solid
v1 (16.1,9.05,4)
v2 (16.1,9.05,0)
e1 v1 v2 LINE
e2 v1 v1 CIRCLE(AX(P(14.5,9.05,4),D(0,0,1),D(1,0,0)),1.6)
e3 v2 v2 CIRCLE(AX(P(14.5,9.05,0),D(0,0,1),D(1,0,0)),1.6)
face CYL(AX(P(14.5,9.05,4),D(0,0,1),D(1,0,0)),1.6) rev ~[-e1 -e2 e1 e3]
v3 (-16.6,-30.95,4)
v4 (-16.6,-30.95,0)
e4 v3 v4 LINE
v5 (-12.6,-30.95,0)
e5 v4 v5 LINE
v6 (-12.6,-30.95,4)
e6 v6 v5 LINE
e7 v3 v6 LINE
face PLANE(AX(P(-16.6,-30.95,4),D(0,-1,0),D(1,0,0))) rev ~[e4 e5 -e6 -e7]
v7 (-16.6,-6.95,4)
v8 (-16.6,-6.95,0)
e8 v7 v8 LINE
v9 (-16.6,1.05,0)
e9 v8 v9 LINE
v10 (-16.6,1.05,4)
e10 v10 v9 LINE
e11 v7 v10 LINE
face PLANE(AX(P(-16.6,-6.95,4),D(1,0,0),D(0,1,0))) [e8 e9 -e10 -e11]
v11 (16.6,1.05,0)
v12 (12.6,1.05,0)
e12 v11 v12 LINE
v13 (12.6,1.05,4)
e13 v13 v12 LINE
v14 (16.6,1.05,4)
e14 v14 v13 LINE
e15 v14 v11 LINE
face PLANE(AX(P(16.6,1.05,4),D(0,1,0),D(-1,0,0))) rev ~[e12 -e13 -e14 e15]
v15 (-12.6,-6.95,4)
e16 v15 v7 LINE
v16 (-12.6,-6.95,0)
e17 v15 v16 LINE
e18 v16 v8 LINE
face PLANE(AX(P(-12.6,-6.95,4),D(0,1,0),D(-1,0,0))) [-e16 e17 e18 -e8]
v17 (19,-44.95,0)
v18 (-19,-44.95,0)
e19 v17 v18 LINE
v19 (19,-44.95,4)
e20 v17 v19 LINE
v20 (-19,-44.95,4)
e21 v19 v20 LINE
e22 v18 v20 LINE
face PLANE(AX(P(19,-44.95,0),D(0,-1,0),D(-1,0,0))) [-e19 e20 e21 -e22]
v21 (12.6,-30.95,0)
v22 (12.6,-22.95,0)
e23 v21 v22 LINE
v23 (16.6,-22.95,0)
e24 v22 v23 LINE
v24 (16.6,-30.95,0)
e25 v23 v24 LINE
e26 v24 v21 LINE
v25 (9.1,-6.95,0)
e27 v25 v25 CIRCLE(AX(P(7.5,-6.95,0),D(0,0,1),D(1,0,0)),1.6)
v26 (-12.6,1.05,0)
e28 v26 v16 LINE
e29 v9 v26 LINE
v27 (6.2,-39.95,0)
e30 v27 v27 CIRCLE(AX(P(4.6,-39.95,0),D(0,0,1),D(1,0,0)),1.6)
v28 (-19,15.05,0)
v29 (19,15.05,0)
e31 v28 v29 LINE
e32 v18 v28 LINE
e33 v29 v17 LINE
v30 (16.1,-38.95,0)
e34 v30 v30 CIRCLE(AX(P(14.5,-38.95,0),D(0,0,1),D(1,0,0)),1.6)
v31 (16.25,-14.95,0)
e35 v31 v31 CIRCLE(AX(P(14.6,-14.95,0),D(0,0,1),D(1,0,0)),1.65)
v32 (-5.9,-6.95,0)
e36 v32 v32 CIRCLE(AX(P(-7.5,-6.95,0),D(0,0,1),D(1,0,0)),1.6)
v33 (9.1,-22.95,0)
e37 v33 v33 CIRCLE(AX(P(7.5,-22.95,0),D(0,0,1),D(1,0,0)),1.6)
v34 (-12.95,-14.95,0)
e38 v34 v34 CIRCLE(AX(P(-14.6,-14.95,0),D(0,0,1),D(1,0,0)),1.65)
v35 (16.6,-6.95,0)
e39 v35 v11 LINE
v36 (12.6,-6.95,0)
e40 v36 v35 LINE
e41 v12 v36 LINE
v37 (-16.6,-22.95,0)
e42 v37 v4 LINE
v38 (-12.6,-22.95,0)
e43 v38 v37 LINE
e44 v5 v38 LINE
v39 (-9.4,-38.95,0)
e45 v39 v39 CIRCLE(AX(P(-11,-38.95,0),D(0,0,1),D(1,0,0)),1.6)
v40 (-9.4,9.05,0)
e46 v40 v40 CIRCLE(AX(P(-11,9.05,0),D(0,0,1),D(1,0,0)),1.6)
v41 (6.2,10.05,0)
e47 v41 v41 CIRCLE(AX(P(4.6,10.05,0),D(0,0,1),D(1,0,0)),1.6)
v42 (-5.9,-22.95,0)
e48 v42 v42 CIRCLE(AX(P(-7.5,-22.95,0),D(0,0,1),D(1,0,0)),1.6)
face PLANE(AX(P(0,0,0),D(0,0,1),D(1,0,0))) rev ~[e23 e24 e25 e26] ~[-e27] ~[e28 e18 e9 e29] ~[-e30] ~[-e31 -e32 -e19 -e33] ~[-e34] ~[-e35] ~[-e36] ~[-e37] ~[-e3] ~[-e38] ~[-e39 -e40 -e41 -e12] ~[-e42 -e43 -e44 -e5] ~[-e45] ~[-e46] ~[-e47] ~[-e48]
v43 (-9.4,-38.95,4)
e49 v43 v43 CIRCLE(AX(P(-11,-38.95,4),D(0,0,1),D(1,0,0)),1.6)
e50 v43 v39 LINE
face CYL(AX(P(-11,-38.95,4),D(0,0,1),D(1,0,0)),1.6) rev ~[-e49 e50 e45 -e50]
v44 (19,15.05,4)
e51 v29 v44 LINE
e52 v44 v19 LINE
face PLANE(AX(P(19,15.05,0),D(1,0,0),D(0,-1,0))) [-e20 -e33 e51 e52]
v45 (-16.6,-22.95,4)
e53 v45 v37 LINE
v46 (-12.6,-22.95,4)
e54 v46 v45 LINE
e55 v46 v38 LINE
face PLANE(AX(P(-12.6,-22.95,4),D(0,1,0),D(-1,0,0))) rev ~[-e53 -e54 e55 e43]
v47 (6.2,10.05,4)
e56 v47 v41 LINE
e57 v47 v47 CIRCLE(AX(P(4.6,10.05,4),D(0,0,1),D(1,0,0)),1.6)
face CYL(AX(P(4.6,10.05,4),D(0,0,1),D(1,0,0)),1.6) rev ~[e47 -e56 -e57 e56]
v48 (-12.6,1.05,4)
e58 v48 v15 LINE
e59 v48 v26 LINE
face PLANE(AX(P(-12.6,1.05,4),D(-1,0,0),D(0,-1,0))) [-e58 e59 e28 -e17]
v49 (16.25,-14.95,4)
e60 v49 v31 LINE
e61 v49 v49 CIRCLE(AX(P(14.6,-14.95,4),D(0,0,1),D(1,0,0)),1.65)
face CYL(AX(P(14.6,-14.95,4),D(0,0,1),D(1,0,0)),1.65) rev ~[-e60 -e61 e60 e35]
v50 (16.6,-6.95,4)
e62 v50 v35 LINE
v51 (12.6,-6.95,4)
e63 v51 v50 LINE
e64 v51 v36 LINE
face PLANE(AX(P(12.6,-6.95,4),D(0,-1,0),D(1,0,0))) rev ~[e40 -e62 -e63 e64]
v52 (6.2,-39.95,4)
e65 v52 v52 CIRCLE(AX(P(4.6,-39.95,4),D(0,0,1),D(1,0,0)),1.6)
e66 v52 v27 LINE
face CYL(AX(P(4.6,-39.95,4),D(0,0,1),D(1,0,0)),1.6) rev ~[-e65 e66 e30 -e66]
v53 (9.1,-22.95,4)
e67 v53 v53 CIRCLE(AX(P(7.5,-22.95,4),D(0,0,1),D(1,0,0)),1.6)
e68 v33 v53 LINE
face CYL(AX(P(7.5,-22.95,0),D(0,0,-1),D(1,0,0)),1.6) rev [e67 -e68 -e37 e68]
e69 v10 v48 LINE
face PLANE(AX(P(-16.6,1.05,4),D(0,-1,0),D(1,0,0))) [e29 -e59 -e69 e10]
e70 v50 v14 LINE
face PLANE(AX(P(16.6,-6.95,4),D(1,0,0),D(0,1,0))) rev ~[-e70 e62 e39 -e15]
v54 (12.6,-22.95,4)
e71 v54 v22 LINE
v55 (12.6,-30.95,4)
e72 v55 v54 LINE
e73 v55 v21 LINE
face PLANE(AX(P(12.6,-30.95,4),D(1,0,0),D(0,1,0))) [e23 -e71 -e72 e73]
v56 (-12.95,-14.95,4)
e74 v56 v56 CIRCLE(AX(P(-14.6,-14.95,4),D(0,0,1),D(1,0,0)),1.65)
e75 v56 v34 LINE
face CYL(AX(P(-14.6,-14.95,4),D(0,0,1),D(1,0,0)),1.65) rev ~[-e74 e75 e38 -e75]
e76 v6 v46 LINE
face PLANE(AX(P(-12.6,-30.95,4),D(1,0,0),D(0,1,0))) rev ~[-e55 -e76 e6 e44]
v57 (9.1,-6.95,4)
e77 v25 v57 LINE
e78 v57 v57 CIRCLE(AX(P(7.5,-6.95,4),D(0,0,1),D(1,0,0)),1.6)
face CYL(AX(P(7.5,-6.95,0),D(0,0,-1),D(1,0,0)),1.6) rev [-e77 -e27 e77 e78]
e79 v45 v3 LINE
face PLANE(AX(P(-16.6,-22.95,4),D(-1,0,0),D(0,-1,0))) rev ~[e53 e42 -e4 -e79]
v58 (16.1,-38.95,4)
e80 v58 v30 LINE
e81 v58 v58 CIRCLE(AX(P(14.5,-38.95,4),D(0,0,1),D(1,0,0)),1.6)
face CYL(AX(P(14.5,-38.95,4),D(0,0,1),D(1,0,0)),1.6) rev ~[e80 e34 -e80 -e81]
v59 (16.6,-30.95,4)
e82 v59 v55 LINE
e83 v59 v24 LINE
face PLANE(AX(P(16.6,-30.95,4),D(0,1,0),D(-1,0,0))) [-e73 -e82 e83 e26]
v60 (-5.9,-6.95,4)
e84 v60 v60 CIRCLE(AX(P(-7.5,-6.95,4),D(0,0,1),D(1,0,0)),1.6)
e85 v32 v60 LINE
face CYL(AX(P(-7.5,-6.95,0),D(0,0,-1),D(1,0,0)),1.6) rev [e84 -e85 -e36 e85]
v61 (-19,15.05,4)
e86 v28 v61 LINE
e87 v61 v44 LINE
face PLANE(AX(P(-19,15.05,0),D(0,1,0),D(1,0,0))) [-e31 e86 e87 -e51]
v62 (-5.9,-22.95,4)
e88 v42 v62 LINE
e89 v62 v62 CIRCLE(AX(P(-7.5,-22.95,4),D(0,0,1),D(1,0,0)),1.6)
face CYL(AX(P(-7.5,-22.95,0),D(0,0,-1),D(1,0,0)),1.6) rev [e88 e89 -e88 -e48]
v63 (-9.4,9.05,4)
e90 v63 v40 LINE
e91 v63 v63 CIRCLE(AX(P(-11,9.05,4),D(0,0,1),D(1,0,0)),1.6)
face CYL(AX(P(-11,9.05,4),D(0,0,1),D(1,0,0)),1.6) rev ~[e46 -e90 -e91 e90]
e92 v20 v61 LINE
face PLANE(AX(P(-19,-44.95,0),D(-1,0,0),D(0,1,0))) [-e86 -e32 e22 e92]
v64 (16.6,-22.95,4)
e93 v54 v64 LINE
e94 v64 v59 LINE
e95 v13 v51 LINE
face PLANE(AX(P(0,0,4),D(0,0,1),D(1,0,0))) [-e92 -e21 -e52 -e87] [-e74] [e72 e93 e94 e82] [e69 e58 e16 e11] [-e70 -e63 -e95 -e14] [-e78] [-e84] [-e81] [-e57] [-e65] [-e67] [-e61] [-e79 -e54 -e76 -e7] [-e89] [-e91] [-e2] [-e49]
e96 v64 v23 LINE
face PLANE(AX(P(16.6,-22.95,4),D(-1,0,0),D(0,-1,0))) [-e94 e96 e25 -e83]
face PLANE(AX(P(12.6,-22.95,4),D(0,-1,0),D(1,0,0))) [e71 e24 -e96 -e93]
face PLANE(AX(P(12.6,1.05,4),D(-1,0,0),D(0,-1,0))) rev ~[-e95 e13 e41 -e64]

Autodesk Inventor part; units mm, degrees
ref_plane "YZ Plane" through (0, 0, 0) normal (1, 0, 0) x (0, 1, 0)
ref_plane "XZ Plane" through (0, 0, 0) normal (0, 1, 0) x (-1, 0, 0)
ref_plane "XY Plane" through (0, 0, 0) normal (0, 0, 1) x (1, 0, 0)
sketch "Эскиз1" plane through (0, 0, 0) normal (0, 0, 1) x (1, 0, 0)
  circle A0 centre (-7.5, -6.95) radius 1.5 construction
  circle A1 centre (7.5, -6.95) radius 1.5 construction
  circle A2 centre (-7.5, -22.95) radius 1.5 construction
  circle A3 centre (7.5, -22.95) radius 1.5 construction
  circle A4 centre (-7.5, -6.95) radius 1.6
  circle A5 centre (7.5, -6.95) radius 1.6
  circle A6 centre (7.5, -22.95) radius 1.6
  circle A7 centre (-7.5, -22.95) radius 1.6
  line L0 (-7.5, -6.95) -> (7.5, -22.95) construction
  line L1 (-19, 15.05) -> (19, 15.05)
  line L2 (19, 15.05) -> (19, -44.95)
  line L3 (19, -44.95) -> (-19, -44.95)
  line L4 (-19, -44.95) -> (-19, 15.05)
  line L5 (-19, 15.05) -> (19, -44.95) construction
  line L6 (19, 15.05) -> (-19, -44.95) construction
  point P0 (0, 0)
  point P1 (0, -14.95)
  dimension "d0" = 3.2
  dimension "d1" = 3.2
  dimension "d2" = 3.2
  dimension "d3" = 3.2
  dimension "d4" = 38
  dimension "d5" = 60
extrude "Выдавливание1" add sketch "Эскиз1" along normal blind 4
sketch "Эскиз2" plane through (0, 0, 4) normal (0, 0, 1) x (1, 0, 0)
  circle A0 centre (-7.5, -22.95) radius 1.6 construction
  circle A1 centre (7.5, -6.95) radius 1.6 construction
  circle A2 centre (7.5, -6.95) radius 1.6 construction
  line L0 (-7.5, -22.95) -> (7.5, -6.95) construction
  line L1 (16.6, -30.95) -> (-16.6, -30.95) construction
  line L2 (-16.6, -30.95) -> (-16.6, 1.05) construction
  line L3 (-16.6, 1.05) -> (16.6, 1.05) construction
  line L4 (16.6, 1.05) -> (16.6, -30.95) construction
  line L5 (16.6, -30.95) -> (-16.6, 1.05) construction
  line L6 (-16.6, -30.95) -> (16.6, 1.05) construction
  line L7 (-16.6, -30.95) -> (-12.6, -30.95)
  line L8 (-12.6, -30.95) -> (-12.6, -22.95)
  line L9 (-12.6, -22.95) -> (-16.6, -22.95)
  line L10 (-16.6, -22.95) -> (-16.6, -30.95)
  line L11 (-16.6, 1.05) -> (-12.6, 1.05)
  line L12 (-12.6, 1.05) -> (-12.6, -6.95)
  line L13 (-12.6, -6.95) -> (-16.6, -6.95)
  line L14 (-16.6, -6.95) -> (-16.6, 1.05)
  line L15 (16.6, -30.95) -> (12.6, -30.95)
  line L16 (12.6, -30.95) -> (12.6, -22.95)
  line L17 (12.6, -22.95) -> (16.6, -22.95)
  line L18 (16.6, -22.95) -> (16.6, -30.95)
  line L19 (16.6, 1.05) -> (12.6, 1.05)
  line L20 (12.6, 1.05) -> (12.6, -6.95)
  line L21 (12.6, -6.95) -> (16.6, -6.95)
  line L22 (16.6, -6.95) -> (16.6, 1.05)
  point P0 (0, -14.95)
  dimension "d41" = 33.2
  dimension "d42" = 32
  dimension "d43" = 4
  dimension "d44" = 8
  dimension "d45" = 4
  dimension "d46" = 8
  dimension "d47" = 4
  dimension "d48" = 4
  dimension "d49" = 8
  dimension "d50" = 8
extrude "Выдавливание2" cut sketch "Эскиз2" against normal blind 4
sketch "Эскиз3" plane through (0, 0, 4) normal (0, 0, 1) x (1, 0, 0)
  line L0 (12.6, -22.95) -> (16.6, -22.95) construction
  line L1 (16.6, -6.95) -> (12.6, -6.95) construction
  line L2 (14.6, -22.95) -> (14.6, -6.95) construction
  circle A0 centre (14.6, -14.95) radius 1.65
  line L3 (-19, -44.95) -> (19, -44.95) projected
  line L4 (0, -44.95) -> (0, 15.05) construction
  line L5 (19, 15.05) -> (-19, 15.05) projected
  circle A1 centre (-14.6, -14.95) radius 1.65
  point P0 (0, 0)
  dimension "d18" = 3.3
extrude "Выдавливание3" cut sketch "Эскиз3" against normal blind 10
sketch "Эскиз4" plane through (0, 0, 4) normal (0, 0, 1) x (1, 0, 0)
  line L0 (19, -44.95) -> (19, 15.05) projected
  line L1 (19, -14.95) -> (-2.8531, -14.95) construction
  line L2 (4.6, -39.95) -> (4.6, 10.05) construction
  circle A0 centre (4.6, -39.95) radius 1.6
  circle A1 centre (4.6, 10.05) radius 1.6
  point P0 (0, 0)
  point P1 (4.6, -14.95)
  dimension "d22" = 50
  dimension "d24" = 3.2
  dimension "d25" = 3.2
extrude "Выдавливание4" cut sketch "Эскиз4" against normal blind 10
sketch "Эскиз5" plane through (0, 0, 4) normal (0, 0, 1) x (1, 0, 0)
  line L0 (16.6, -30.95) -> (12.6, -30.95) construction
  line L1 (16.6, 1.05) -> (12.6, 1.05) construction
  line L2 (-12.6, 1.05) -> (-16.6, 1.05) construction
  line L3 (-12.6, -30.95) -> (-16.6, -30.95) construction
  circle A0 centre (14.5, -38.95) radius 1.6
  line L4 (19, -44.95) -> (19, 15.05) projected
  line L5 (19, -14.95) -> (-19, -14.95) construction
  line L6 (-19, 15.05) -> (-19, -44.95) projected
  line L7 (19, 15.05) -> (-19, 15.05) projected
  line L8 (0, 15.05) -> (0, -44.95) construction
  line L9 (-19, -44.95) -> (19, -44.95) projected
  circle A1 centre (14.5, 9.05) radius 1.6
  line L10 (0, -44.95) -> (0, 15.05) construction
  line L11 (-16.6, -30.95) -> (-12.6, -30.95) construction
  line L12 (-16.6, 1.05) -> (-12.6, 1.05) construction
  circle A2 centre (-11, -38.95) radius 1.6
  circle A3 centre (-11, 9.05) radius 1.6
  point P0 (0, 0)
  dimension "d28" = 3.2
  dimension "d33" = 3.2
  dimension "d34" = 3.2
  dimension "d35" = 6
  dimension "d36" = 6
  dimension "d37" = 8
  dimension "d38" = 8
  dimension "d39" = 6
  dimension "d40" = 4.5
extrude "Выдавливание5" cut sketch "Эскиз5" against normal blind 10 contours A0 | A1 | A2 | A3
properties part number "пол_каретки"
